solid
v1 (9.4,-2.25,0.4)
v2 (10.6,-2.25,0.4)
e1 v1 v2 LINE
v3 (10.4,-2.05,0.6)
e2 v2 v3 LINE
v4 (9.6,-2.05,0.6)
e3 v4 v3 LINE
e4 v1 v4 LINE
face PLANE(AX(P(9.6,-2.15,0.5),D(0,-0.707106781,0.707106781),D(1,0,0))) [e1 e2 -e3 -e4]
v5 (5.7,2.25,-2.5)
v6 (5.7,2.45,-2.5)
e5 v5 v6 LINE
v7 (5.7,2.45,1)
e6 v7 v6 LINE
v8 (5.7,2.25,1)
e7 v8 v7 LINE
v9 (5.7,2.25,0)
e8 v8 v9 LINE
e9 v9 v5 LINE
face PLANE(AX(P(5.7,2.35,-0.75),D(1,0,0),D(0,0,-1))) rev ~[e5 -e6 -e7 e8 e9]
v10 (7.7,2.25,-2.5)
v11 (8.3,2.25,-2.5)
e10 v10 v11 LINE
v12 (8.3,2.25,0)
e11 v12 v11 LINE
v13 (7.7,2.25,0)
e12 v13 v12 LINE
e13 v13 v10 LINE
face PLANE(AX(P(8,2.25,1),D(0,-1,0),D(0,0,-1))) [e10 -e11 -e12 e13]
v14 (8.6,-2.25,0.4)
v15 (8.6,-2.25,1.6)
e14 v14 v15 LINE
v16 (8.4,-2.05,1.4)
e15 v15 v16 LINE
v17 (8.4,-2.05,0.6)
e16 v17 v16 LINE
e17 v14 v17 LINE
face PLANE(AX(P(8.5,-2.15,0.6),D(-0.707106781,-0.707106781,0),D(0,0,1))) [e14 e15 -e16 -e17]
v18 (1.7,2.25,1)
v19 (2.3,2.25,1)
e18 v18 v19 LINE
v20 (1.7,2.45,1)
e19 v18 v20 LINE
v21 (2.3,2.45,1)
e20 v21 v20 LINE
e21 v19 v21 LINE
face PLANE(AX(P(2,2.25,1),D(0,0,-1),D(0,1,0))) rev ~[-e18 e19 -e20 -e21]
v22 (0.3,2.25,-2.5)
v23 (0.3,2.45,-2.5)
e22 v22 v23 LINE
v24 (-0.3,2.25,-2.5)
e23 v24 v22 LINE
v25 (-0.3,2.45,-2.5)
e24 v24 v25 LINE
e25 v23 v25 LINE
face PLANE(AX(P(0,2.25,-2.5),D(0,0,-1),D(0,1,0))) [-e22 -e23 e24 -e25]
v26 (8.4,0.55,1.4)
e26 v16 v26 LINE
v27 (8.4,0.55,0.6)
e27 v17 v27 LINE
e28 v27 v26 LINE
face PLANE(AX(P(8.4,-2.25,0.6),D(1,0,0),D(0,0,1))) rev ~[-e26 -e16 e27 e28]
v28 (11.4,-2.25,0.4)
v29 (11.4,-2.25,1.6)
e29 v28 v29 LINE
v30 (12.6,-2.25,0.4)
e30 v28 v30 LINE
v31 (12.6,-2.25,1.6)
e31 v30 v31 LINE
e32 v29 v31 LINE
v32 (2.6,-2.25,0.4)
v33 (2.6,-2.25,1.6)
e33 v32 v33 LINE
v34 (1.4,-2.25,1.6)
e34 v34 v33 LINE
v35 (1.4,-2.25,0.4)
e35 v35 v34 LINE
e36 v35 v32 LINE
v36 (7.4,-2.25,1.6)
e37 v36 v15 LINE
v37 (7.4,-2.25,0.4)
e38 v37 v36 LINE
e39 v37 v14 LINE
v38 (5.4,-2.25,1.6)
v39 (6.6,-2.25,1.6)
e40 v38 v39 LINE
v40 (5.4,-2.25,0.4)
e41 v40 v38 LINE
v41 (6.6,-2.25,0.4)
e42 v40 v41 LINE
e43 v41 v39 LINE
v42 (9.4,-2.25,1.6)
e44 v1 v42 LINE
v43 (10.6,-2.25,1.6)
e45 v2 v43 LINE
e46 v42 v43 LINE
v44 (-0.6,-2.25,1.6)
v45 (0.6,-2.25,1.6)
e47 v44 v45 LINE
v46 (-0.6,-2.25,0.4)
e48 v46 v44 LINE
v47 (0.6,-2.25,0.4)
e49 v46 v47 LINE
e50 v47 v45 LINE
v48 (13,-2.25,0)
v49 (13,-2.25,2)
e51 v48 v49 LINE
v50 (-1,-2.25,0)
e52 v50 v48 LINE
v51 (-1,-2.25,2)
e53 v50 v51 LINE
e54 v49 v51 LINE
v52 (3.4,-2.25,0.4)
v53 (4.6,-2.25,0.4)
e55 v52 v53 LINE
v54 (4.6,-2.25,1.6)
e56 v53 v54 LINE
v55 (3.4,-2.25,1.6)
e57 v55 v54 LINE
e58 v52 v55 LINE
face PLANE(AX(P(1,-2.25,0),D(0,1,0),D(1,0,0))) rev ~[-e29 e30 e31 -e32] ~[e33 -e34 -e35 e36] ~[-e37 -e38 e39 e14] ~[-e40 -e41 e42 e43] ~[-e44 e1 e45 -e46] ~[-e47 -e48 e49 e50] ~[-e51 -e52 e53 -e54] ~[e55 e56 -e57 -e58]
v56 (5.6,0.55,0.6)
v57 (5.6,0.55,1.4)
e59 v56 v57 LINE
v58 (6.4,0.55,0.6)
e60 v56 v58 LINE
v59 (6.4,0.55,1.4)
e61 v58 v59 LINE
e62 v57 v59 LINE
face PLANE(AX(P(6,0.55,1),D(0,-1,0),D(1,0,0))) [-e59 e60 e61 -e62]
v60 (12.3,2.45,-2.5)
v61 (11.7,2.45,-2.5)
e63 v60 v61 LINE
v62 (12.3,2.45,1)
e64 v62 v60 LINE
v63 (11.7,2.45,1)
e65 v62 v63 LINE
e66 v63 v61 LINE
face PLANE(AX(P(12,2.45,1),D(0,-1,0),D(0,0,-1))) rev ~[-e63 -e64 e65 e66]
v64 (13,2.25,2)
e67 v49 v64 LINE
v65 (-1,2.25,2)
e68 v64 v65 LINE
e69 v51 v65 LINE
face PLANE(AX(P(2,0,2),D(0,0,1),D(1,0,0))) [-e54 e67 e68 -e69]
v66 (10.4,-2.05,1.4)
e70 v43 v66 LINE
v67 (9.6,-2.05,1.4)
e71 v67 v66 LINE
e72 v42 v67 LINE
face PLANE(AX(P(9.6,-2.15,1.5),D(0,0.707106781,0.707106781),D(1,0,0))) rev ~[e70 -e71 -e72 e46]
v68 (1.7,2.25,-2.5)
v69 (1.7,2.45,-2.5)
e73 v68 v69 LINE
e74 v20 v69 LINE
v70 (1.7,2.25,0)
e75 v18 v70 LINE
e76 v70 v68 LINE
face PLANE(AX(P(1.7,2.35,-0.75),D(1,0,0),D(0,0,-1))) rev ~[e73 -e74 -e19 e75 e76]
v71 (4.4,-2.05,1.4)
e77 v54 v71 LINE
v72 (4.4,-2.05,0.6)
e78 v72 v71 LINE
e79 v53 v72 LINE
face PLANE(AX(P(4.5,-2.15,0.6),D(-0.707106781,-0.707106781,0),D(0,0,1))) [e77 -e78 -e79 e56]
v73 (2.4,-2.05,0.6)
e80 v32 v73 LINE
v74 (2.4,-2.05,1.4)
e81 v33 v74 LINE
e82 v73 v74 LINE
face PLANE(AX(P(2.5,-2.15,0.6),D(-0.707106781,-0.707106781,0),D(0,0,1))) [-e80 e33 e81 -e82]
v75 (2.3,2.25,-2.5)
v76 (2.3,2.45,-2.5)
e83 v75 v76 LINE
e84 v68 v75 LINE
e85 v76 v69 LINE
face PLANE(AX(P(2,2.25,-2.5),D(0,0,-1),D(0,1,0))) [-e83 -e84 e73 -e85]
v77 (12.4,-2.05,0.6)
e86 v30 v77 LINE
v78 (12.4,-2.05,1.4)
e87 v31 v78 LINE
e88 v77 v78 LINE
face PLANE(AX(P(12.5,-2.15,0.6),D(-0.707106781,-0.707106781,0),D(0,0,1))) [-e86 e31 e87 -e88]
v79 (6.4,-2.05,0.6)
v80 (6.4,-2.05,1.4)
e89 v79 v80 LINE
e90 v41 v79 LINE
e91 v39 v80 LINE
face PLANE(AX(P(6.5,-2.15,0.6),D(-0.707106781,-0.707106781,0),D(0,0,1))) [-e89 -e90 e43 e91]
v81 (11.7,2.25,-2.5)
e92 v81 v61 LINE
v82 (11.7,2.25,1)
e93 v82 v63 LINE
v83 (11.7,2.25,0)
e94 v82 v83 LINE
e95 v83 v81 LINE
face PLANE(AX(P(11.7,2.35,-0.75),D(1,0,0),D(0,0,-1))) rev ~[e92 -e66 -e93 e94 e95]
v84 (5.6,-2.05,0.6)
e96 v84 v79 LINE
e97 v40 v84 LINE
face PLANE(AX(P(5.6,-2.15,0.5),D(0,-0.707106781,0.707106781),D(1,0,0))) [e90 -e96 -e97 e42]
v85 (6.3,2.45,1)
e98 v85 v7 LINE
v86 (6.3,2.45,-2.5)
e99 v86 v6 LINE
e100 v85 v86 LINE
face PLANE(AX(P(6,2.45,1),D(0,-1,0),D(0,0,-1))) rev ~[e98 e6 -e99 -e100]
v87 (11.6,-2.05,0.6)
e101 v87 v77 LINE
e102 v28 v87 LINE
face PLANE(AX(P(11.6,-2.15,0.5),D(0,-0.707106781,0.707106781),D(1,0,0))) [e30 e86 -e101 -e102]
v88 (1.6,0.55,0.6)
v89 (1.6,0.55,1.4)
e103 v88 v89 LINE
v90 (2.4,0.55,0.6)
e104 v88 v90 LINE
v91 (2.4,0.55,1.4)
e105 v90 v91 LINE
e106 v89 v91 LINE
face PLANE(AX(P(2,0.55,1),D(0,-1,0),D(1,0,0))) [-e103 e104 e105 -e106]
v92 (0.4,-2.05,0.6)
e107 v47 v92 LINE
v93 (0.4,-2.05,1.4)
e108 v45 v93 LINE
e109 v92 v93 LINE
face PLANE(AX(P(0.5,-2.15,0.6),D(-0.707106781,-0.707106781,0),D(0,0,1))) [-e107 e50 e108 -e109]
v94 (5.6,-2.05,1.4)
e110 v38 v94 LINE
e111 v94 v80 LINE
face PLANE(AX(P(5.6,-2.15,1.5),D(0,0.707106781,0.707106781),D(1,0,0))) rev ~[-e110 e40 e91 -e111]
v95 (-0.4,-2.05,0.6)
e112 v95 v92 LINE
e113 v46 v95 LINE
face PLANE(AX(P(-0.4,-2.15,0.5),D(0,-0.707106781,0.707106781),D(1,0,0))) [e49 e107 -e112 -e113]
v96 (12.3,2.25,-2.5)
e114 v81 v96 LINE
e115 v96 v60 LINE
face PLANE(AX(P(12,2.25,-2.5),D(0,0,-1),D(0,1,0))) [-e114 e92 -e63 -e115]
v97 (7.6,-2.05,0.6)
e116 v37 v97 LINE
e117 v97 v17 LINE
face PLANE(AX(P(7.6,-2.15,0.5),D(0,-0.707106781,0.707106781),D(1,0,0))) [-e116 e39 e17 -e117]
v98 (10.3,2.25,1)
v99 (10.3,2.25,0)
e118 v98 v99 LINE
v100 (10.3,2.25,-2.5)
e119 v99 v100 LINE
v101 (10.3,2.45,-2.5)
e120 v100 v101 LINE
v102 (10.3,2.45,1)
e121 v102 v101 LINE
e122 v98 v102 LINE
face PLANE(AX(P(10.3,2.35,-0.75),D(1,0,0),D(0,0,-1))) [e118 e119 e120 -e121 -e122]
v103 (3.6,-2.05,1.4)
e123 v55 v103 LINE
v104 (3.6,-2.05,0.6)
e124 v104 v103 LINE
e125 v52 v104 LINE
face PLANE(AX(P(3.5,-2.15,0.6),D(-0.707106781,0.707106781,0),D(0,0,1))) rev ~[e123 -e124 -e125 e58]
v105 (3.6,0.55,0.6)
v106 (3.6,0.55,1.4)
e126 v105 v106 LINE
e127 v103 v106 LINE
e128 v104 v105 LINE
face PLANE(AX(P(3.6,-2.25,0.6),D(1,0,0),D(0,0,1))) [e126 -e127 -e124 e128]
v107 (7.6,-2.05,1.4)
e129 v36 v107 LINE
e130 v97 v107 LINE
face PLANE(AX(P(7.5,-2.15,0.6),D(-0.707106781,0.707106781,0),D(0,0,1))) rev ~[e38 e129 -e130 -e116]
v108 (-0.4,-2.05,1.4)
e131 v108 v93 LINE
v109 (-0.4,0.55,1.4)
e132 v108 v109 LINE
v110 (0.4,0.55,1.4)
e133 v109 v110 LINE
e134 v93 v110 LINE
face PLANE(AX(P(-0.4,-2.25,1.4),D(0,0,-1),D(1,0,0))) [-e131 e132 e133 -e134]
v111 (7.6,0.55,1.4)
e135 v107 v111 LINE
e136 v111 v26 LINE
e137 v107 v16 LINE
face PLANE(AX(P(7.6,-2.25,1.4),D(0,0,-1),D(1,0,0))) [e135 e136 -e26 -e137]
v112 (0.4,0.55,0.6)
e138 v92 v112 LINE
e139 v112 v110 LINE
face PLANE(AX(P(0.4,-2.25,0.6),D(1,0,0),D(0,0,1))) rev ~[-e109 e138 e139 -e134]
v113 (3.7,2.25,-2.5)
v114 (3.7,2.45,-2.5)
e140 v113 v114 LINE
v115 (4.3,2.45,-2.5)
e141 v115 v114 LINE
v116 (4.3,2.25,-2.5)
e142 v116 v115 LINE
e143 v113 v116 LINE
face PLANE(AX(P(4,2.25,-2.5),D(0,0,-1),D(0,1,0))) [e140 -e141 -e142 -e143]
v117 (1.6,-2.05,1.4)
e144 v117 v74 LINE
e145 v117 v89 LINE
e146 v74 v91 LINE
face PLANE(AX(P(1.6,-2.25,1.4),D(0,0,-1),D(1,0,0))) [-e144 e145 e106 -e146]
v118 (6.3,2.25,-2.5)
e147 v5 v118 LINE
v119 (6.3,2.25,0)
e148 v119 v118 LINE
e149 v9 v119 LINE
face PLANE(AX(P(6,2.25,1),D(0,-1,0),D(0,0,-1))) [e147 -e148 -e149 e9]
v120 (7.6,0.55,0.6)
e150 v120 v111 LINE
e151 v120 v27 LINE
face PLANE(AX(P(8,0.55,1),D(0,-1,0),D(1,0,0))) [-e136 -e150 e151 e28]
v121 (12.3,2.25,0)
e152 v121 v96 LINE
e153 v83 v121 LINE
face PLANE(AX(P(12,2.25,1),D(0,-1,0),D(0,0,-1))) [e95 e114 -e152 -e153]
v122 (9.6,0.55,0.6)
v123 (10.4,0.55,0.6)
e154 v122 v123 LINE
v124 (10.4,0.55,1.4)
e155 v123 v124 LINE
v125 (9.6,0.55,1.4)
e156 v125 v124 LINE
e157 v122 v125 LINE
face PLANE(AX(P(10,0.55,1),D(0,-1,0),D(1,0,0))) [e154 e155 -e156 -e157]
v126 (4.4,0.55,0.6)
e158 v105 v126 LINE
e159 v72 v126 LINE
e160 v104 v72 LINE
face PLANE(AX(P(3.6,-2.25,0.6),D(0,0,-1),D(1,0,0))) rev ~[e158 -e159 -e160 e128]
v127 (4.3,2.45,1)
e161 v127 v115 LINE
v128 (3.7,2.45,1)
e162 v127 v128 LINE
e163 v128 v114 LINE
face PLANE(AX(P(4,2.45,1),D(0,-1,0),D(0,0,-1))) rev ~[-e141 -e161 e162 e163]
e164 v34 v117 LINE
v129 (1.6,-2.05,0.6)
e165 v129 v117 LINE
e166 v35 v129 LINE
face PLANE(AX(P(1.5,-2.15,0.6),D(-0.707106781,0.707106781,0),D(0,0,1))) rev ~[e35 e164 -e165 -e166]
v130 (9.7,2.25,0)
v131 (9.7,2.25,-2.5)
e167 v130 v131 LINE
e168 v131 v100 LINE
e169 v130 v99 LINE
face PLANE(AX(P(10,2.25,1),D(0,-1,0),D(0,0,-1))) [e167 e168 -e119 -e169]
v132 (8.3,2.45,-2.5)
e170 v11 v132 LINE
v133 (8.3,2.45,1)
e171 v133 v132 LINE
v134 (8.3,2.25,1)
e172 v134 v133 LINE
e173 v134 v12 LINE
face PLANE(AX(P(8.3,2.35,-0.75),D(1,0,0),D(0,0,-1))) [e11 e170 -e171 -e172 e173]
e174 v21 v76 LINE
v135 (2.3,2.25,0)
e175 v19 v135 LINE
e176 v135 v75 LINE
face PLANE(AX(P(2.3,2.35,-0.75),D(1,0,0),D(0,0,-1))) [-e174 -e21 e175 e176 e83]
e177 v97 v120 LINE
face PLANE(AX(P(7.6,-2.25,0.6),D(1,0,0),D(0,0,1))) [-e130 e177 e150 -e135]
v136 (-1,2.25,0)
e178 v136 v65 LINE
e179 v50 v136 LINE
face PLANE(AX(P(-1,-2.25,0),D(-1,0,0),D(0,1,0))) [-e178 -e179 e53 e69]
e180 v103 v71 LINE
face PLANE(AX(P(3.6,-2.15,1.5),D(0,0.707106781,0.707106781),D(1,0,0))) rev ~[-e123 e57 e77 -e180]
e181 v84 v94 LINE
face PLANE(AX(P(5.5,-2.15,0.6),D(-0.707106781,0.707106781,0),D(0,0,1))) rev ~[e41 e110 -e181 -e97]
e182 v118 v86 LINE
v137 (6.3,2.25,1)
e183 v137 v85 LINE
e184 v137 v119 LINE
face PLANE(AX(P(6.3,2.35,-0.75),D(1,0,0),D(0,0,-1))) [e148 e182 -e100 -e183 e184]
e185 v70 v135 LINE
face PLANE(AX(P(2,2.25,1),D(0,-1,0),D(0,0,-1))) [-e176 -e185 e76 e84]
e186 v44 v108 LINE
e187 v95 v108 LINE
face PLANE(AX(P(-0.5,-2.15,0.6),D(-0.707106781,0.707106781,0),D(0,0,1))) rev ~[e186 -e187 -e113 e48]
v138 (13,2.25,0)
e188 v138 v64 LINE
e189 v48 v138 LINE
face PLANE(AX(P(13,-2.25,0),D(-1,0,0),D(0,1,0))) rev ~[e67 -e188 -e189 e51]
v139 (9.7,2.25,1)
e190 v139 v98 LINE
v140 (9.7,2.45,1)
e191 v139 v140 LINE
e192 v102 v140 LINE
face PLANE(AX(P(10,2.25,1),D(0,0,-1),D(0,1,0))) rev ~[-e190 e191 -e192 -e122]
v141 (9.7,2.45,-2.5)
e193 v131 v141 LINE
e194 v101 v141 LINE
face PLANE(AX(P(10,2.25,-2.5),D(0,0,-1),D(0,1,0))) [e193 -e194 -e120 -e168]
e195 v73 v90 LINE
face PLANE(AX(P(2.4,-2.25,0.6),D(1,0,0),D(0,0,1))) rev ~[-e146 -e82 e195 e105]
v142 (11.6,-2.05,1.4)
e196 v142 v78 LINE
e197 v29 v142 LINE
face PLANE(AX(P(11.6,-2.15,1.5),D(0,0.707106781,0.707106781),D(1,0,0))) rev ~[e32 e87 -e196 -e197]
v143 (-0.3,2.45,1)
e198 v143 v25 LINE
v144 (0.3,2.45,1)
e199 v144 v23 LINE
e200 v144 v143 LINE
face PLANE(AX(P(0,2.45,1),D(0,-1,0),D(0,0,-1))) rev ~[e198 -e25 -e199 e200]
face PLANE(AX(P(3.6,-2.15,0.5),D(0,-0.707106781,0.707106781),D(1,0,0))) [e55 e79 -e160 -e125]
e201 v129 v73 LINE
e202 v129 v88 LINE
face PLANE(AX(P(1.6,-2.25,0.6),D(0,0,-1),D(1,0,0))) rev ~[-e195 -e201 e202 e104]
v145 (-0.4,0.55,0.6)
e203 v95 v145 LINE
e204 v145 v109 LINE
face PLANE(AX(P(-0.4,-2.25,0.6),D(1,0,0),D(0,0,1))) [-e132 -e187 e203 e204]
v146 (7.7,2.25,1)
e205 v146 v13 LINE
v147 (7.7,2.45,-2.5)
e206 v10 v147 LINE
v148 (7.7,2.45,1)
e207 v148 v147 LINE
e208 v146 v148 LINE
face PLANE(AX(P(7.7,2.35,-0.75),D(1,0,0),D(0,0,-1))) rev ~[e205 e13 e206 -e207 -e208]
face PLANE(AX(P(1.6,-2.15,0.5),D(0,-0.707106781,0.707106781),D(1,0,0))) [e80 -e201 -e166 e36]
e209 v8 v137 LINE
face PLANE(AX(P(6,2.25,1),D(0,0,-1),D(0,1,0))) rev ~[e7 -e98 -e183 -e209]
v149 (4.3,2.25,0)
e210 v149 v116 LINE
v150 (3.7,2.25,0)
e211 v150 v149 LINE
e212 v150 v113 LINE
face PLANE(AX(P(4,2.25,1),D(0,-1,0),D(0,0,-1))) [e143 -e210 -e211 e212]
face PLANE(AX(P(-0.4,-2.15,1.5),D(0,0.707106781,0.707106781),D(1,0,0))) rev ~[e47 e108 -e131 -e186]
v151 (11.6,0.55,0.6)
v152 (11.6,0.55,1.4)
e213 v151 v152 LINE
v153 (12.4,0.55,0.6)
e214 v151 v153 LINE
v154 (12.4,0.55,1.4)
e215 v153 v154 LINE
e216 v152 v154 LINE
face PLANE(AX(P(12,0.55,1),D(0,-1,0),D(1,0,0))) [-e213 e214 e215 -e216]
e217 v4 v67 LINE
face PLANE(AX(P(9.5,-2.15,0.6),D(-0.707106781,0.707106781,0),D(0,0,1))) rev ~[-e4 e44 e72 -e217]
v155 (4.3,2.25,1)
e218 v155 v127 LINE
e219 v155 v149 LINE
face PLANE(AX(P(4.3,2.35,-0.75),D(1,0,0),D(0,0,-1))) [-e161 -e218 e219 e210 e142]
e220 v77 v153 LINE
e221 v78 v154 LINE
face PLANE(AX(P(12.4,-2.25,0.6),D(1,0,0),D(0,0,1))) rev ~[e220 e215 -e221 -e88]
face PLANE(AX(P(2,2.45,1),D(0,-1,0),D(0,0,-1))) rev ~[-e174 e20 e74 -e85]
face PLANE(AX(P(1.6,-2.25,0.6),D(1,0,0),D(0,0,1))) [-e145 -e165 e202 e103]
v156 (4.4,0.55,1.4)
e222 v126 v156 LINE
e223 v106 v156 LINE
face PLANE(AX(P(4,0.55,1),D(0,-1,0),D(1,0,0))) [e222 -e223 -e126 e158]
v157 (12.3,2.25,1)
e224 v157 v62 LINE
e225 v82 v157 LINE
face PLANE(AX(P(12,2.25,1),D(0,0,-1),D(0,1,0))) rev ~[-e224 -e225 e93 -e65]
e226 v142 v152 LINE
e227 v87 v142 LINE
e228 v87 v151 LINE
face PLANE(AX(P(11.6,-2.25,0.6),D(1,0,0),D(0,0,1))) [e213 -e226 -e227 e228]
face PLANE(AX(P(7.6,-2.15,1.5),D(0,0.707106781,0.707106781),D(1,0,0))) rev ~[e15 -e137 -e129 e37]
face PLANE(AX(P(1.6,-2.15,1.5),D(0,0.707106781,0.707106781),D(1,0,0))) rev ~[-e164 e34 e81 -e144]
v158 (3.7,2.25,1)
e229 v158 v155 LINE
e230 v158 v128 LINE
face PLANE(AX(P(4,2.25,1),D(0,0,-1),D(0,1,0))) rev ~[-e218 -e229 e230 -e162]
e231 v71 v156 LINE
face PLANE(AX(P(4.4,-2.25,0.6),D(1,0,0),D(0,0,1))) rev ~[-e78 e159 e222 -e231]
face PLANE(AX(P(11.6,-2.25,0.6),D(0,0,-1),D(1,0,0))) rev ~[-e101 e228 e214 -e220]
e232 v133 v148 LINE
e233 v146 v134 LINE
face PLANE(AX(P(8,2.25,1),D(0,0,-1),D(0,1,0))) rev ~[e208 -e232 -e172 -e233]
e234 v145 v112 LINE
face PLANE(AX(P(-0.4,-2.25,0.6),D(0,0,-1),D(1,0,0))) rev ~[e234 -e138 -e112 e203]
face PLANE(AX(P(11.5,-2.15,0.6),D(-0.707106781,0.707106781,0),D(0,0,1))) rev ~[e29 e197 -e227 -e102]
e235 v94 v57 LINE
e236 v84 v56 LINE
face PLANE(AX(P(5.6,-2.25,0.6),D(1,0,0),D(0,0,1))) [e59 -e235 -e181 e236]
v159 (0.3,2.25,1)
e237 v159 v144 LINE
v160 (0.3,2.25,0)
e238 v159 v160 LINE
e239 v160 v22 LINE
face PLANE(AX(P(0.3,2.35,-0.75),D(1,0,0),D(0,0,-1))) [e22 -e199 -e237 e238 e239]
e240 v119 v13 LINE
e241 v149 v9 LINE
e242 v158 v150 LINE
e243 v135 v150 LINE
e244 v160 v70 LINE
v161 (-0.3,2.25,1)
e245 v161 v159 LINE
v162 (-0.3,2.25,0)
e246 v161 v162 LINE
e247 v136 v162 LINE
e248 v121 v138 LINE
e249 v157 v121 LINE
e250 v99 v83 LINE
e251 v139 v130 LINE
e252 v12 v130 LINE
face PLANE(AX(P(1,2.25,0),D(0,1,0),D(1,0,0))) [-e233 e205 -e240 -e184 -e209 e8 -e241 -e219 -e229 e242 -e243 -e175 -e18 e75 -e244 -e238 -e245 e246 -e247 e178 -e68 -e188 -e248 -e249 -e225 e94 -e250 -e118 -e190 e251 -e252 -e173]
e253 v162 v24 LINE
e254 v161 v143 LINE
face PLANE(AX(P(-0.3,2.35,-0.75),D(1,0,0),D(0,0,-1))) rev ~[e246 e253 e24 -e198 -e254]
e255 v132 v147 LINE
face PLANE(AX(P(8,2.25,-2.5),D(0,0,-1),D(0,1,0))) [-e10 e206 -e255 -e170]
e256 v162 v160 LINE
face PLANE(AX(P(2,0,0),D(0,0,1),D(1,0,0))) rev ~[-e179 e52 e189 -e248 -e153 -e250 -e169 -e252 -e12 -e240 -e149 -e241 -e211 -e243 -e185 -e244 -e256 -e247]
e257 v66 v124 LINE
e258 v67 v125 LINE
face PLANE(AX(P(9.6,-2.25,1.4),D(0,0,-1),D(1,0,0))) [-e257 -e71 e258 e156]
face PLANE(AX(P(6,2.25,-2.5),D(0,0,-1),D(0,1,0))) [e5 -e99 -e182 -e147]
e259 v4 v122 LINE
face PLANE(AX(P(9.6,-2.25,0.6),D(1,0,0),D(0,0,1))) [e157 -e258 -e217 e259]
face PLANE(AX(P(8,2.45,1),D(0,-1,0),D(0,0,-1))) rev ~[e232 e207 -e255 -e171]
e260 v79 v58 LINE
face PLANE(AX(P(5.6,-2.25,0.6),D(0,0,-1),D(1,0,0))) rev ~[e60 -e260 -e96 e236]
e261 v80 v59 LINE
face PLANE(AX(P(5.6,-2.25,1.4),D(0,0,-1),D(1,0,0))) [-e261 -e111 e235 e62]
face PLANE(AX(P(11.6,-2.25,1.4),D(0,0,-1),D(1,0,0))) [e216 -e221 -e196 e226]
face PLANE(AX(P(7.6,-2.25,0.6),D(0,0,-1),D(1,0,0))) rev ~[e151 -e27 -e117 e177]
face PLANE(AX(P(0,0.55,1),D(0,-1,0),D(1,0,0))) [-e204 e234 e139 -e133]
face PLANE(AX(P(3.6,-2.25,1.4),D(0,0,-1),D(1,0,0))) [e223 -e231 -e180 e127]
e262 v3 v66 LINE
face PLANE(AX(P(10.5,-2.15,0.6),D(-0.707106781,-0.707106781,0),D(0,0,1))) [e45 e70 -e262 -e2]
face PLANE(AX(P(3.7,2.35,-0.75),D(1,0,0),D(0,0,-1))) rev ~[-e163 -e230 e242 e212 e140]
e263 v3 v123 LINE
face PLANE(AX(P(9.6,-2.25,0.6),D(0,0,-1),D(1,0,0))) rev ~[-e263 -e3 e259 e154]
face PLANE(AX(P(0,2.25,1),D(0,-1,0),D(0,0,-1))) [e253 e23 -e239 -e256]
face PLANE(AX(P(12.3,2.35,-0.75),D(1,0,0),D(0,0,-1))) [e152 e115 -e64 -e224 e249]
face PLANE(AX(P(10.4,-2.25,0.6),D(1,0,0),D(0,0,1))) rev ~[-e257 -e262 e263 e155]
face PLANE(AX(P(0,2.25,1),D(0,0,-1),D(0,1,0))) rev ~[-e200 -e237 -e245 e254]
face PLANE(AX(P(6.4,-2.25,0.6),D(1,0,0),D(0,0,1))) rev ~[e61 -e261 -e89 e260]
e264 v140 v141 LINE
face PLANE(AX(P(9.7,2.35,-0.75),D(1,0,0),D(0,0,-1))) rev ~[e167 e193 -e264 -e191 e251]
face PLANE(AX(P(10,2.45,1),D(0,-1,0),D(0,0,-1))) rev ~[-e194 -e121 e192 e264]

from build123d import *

# Parameters (mm, degrees)
SKETCH1_W                  = 2
SKETCH1_H                  = 4.5
BOSS_EXTRUDE1_DEPTH        = 2
SKETCH2_W                  = 0.8
SKETCH2_H                  = 0.8
CUT_EXTRUDE1_DEPTH         = 2.8
CHAMFER1_SIZE              = 0.2
SKETCH3_W                  = 3.5
SKETCH3_H                  = 0.2
BOSS_EXTRUDE2_DEPTH        = 0.3
LPATTERN1_COUNT            = 7
LPATTERN1_PITCH            = 2
CHAMFER1_OF_LPATTERN1_SIZE = 0.2


with BuildPart() as part:
    # Sketch1 → Boss-Extrude1 (new body)
    with BuildSketch(Plane.XY):
        Rectangle(SKETCH1_W, SKETCH1_H)
    boss_extrude1 = extrude(amount=BOSS_EXTRUDE1_DEPTH)

    # Sketch2 → Cut-Extrude1 (cut)
    with BuildSketch(Plane.XZ.offset(2.25)):
        with Locations((0, 1)):
            Rectangle(SKETCH2_W, SKETCH2_H)
    cut_extrude1 = extrude(amount=-CUT_EXTRUDE1_DEPTH, mode=Mode.SUBTRACT)

    # Chamfer1
    chamfer1_edges = [part.edges().sort_by_distance(p)[0] for p in [
        (0.4, -2.25, 1),
        (0, -2.25, 1.4),
        (-0.4, -2.25, 1),
        (0, -2.25, 0.6),
    ]]
    chamfer(chamfer1_edges, length=CHAMFER1_SIZE)

    # Sketch3 → Boss-Extrude2 (add, symmetric)
    with BuildSketch(Plane(origin=(0, 0, 0), x_dir=(0, 0, -1), z_dir=(1, 0, 0))):
        with Locations((0.75, 2.35)):
            Rectangle(SKETCH3_W, SKETCH3_H)
    boss_extrude2 = extrude(amount=BOSS_EXTRUDE2_DEPTH, both=True)

    # LPattern1: Boss-Extrude1, Cut-Extrude1, Boss-Extrude2 ×7
    with Locations(*[(i * LPATTERN1_PITCH, 0, 0) for i in range(1, LPATTERN1_COUNT)]):
        add(boss_extrude1)
        add(cut_extrude1, mode=Mode.SUBTRACT)
        add(boss_extrude2)

    # Chamfer1 of LPattern1
    chamfer1_of_lpattern1_edges = [part.edges().sort_by_distance(p)[0] for p in [
        (2.4, -2.25, 1),
        (2, -2.25, 1.4),
        (1.6, -2.25, 1),
        (2, -2.25, 0.6),
        (4.4, -2.25, 1),
        (4, -2.25, 1.4),
        (3.6, -2.25, 1),
        (4, -2.25, 0.6),
        (6.4, -2.25, 1),
        (6, -2.25, 1.4),
        (5.6, -2.25, 1),
        (6, -2.25, 0.6),
        (8.4, -2.25, 1),
        (8, -2.25, 1.4),
        (7.6, -2.25, 1),
        (8, -2.25, 0.6),
        (10.4, -2.25, 1),
        (10, -2.25, 1.4),
        (9.6, -2.25, 1),
        (10, -2.25, 0.6),
        (12.4, -2.25, 1),
        (12, -2.25, 1.4),
        (11.6, -2.25, 1),
        (12, -2.25, 0.6),
    ]]
    chamfer(chamfer1_of_lpattern1_edges, length=CHAMFER1_OF_LPATTERN1_SIZE)


solid = part.part
